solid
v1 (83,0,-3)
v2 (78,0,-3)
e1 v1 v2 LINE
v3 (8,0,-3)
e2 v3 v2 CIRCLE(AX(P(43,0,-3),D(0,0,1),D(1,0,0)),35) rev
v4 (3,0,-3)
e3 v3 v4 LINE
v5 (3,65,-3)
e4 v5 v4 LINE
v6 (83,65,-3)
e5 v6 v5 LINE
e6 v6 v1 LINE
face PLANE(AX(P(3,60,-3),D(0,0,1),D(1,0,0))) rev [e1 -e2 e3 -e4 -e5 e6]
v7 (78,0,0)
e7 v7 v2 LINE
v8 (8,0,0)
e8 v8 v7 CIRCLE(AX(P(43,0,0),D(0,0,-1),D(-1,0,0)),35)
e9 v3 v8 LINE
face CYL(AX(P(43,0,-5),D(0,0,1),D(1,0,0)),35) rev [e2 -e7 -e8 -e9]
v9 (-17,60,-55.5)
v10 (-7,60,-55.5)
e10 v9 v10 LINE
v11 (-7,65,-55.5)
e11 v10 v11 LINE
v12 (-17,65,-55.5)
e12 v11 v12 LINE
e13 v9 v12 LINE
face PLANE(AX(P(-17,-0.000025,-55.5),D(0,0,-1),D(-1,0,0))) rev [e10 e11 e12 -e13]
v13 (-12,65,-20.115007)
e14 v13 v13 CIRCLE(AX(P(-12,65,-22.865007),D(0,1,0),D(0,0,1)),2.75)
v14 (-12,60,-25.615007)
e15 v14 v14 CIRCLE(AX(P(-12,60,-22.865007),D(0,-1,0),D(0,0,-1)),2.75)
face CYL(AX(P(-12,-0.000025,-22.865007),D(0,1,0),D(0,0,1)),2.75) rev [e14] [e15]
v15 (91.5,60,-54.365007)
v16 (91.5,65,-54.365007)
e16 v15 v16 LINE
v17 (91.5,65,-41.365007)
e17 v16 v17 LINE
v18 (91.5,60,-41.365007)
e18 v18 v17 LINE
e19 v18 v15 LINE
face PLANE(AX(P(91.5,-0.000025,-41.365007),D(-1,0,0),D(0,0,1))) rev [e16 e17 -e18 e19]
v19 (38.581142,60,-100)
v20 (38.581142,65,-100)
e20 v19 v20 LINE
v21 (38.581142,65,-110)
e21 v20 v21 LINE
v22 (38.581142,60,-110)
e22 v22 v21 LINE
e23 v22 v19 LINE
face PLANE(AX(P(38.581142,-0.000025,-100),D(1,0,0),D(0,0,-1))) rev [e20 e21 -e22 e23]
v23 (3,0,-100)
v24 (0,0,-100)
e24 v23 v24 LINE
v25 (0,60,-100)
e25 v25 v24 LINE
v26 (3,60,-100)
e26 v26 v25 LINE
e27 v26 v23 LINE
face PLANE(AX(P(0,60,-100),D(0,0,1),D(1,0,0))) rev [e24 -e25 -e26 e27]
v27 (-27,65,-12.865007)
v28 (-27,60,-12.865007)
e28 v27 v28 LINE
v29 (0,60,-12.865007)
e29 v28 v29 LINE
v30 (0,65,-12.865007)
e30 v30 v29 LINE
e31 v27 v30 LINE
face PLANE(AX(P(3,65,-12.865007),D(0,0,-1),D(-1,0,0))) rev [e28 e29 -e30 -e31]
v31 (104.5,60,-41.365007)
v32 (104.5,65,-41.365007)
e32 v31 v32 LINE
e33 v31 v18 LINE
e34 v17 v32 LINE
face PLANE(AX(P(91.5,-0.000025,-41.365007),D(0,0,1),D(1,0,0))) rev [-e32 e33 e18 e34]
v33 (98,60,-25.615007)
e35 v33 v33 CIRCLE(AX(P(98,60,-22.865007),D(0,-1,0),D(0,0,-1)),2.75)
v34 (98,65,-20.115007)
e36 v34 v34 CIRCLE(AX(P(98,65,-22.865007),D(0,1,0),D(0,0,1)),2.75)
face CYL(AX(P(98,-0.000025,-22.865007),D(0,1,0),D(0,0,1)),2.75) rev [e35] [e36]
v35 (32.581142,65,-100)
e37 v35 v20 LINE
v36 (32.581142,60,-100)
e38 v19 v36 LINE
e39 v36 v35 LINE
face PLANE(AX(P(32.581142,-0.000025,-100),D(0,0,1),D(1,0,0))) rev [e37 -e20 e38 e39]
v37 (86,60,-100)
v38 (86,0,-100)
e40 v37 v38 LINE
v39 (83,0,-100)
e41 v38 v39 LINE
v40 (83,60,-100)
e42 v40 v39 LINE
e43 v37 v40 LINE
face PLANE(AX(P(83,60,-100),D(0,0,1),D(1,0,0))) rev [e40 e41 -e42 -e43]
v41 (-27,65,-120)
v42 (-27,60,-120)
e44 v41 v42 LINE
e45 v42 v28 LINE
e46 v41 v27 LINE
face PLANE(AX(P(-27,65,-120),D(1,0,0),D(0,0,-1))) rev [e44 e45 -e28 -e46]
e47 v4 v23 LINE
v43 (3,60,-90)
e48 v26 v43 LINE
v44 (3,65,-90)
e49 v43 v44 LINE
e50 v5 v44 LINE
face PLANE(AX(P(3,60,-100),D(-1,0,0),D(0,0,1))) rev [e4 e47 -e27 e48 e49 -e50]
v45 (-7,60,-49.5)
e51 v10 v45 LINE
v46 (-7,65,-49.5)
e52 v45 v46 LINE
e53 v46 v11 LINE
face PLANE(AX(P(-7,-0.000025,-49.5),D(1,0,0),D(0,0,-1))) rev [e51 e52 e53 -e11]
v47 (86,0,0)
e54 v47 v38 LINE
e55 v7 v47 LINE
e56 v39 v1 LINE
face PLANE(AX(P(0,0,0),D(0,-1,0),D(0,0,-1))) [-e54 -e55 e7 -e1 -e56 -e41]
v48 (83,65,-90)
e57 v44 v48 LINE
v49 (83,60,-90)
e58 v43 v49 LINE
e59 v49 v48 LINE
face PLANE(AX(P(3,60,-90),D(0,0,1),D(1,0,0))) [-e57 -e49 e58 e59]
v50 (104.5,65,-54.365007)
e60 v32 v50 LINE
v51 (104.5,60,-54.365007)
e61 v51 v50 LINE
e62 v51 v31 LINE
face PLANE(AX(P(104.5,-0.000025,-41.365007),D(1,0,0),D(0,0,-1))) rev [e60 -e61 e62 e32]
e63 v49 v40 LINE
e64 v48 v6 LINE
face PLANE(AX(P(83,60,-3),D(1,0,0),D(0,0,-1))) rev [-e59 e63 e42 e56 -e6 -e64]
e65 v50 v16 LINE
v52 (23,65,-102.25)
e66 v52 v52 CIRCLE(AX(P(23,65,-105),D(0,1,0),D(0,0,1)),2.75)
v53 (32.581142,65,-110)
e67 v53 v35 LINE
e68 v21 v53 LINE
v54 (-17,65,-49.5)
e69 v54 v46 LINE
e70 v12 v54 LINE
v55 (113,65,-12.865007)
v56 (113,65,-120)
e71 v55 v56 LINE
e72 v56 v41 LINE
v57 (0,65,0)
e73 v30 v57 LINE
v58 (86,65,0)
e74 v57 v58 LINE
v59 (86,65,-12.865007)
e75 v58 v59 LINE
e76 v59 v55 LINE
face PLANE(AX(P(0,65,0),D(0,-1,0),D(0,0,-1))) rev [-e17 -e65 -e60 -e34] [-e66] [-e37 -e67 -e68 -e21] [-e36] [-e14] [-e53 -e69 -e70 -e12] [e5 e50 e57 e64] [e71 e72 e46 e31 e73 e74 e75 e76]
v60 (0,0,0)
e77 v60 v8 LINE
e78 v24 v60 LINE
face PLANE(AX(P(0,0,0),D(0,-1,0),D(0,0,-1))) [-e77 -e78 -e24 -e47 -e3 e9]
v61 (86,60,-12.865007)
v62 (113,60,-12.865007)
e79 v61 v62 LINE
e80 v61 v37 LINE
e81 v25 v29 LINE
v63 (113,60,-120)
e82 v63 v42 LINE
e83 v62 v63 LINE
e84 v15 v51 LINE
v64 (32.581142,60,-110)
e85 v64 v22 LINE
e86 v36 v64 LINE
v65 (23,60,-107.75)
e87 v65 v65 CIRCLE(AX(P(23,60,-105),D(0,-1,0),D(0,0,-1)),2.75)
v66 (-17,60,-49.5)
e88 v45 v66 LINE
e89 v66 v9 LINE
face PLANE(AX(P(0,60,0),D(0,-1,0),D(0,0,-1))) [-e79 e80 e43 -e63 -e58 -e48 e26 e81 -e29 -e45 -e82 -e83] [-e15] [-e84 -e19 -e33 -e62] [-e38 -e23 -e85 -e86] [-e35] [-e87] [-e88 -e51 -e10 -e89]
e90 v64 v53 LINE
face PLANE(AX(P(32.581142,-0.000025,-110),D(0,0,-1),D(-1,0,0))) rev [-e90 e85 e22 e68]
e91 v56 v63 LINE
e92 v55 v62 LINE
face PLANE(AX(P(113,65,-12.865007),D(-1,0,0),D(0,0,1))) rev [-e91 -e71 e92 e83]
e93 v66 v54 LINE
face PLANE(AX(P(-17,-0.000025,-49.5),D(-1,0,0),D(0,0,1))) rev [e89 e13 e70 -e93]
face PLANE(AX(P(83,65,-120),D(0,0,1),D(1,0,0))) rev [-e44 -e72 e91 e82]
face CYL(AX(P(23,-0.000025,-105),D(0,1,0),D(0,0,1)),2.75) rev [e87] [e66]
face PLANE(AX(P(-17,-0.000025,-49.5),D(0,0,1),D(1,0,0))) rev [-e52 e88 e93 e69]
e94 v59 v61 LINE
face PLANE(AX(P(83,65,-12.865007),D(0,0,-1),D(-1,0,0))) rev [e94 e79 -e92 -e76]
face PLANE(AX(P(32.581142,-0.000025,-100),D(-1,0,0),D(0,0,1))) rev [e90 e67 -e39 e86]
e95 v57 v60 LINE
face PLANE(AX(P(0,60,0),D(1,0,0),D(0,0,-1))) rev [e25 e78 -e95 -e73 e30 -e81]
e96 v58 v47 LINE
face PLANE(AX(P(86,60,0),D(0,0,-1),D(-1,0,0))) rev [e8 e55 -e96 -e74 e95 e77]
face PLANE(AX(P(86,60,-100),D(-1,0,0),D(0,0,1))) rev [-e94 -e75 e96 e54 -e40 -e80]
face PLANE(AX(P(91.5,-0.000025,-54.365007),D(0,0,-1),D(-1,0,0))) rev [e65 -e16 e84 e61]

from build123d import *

# Parameters (mm, degrees)
BOSS_EXTRUDE1_DEPTH = 60
SKETCH2_W           = 30
SKETCH2_H           = 107.13499281
BOSS_EXTRUDE2_DEPTH = 5
SKETCH3_W           = 80
SKETCH3_H           = 30
BOSS_EXTRUDE3_DEPTH = 5
BOSS_EXTRUDE4_DEPTH = 5
CUT_EXTRUDE2_DEPTH  = 5
SKETCH7_R           = 2.75
CUT_EXTRUDE3_DEPTH  = 178.183520676
SKETCH8_W           = 10
SKETCH8_H           = 6
SKETCH8_W_2         = 6
SKETCH8_H_2         = 10
CUT_EXTRUDE4_DEPTH  = 178.183520676
SKETCH10_W          = 13
SKETCH10_H          = 13
CUT_EXTRUDE5_DEPTH  = 178.183520676


with BuildPart() as part:
    # Sketch1 → Boss-Extrude1 (new body)
    with BuildSketch(Plane(origin=(0, 0, 0), x_dir=(1, 0, 0), z_dir=(0, 1, 0))):
        Polygon((0, 0), (0, 100), (3, 100), (3, 3), (83, 3), (83, 100), (86, 100), (86, 0), align=None)
    extrude(amount=BOSS_EXTRUDE1_DEPTH)

    # Sketch2 → Boss-Extrude2 (add)
    with BuildSketch(Plane(origin=(0, 60, 0), x_dir=(1, 0, 0), z_dir=(0, 1, 0))):
        with Locations((98, 66.432503591)):
            Rectangle(SKETCH2_W, SKETCH2_H)
        with Locations((-12, 66.432503591)):
            Rectangle(SKETCH2_W, SKETCH2_H)
    extrude(amount=BOSS_EXTRUDE2_DEPTH)

    # Sketch3 → Boss-Extrude3 (add)
    with BuildSketch(Plane(origin=(0, 65, 0), x_dir=(1, 0, 0), z_dir=(0, 1, 0))):
        with Locations((43, 104.999999996)):
            Rectangle(SKETCH3_W, SKETCH3_H)
    extrude(amount=-BOSS_EXTRUDE3_DEPTH)

    # Sketch5 → Boss-Extrude4 (add)
    with BuildSketch(Plane(origin=(0, 60, 0), x_dir=(1, 0, 0), z_dir=(0, 1, 0))):
        Polygon((0, 12.865007186), (0, 0), (86, 0), (86, 12.865007186), (83, 12.865007186), (83, 3), (3, 3), (3, 12.865007186), align=None)
    extrude(amount=BOSS_EXTRUDE4_DEPTH)

    # Sketch6 → Cut-Extrude2 (cut)
    with BuildSketch(Plane.XY):
        with BuildLine():
            Line((8, 0), (78, 0))
            ThreePointArc((78, 0), (43, 35), (8, 0))
        make_face()
    extrude(amount=-CUT_EXTRUDE2_DEPTH, mode=Mode.SUBTRACT)

    # Sketch7 → Cut-Extrude3 (cut, through all)
    with BuildSketch(Plane(origin=(0, 65, 0), x_dir=(1, 0, 0), z_dir=(0, 1, 0))):
        with Locations(Location((-12, 22.865007186, 0), (0, 0, 270))):
            Circle(SKETCH7_R)
        with Locations(Location((23, 104.999999996, 0), (0, 0, 270))):
            Circle(SKETCH7_R)
        with Locations(Location((98, 22.865007186, 0), (0, 0, 270))):
            Circle(SKETCH7_R)
    extrude(amount=-CUT_EXTRUDE3_DEPTH, mode=Mode.SUBTRACT)

    # Sketch8 → Cut-Extrude4 (cut, through all)
    with BuildSketch(Plane(origin=(0, 65, 0), x_dir=(1, 0, 0), z_dir=(0, 1, 0))):
        with Locations((-12, 52.499999996)):
            Rectangle(SKETCH8_W, SKETCH8_H)
        with Locations((35.581142125, 104.999999996)):
            Rectangle(SKETCH8_W_2, SKETCH8_H_2)
    extrude(amount=-CUT_EXTRUDE4_DEPTH, mode=Mode.SUBTRACT)

    # Sketch10 → Cut-Extrude5 (cut, through all)
    with BuildSketch(Plane(origin=(0, 65, 0), x_dir=(1, 0, 0), z_dir=(0, 1, 0))):
        with Locations((98, 47.865007186)):
            Rectangle(SKETCH10_W, SKETCH10_H)
    extrude(amount=-CUT_EXTRUDE5_DEPTH, mode=Mode.SUBTRACT)


solid = part.part
